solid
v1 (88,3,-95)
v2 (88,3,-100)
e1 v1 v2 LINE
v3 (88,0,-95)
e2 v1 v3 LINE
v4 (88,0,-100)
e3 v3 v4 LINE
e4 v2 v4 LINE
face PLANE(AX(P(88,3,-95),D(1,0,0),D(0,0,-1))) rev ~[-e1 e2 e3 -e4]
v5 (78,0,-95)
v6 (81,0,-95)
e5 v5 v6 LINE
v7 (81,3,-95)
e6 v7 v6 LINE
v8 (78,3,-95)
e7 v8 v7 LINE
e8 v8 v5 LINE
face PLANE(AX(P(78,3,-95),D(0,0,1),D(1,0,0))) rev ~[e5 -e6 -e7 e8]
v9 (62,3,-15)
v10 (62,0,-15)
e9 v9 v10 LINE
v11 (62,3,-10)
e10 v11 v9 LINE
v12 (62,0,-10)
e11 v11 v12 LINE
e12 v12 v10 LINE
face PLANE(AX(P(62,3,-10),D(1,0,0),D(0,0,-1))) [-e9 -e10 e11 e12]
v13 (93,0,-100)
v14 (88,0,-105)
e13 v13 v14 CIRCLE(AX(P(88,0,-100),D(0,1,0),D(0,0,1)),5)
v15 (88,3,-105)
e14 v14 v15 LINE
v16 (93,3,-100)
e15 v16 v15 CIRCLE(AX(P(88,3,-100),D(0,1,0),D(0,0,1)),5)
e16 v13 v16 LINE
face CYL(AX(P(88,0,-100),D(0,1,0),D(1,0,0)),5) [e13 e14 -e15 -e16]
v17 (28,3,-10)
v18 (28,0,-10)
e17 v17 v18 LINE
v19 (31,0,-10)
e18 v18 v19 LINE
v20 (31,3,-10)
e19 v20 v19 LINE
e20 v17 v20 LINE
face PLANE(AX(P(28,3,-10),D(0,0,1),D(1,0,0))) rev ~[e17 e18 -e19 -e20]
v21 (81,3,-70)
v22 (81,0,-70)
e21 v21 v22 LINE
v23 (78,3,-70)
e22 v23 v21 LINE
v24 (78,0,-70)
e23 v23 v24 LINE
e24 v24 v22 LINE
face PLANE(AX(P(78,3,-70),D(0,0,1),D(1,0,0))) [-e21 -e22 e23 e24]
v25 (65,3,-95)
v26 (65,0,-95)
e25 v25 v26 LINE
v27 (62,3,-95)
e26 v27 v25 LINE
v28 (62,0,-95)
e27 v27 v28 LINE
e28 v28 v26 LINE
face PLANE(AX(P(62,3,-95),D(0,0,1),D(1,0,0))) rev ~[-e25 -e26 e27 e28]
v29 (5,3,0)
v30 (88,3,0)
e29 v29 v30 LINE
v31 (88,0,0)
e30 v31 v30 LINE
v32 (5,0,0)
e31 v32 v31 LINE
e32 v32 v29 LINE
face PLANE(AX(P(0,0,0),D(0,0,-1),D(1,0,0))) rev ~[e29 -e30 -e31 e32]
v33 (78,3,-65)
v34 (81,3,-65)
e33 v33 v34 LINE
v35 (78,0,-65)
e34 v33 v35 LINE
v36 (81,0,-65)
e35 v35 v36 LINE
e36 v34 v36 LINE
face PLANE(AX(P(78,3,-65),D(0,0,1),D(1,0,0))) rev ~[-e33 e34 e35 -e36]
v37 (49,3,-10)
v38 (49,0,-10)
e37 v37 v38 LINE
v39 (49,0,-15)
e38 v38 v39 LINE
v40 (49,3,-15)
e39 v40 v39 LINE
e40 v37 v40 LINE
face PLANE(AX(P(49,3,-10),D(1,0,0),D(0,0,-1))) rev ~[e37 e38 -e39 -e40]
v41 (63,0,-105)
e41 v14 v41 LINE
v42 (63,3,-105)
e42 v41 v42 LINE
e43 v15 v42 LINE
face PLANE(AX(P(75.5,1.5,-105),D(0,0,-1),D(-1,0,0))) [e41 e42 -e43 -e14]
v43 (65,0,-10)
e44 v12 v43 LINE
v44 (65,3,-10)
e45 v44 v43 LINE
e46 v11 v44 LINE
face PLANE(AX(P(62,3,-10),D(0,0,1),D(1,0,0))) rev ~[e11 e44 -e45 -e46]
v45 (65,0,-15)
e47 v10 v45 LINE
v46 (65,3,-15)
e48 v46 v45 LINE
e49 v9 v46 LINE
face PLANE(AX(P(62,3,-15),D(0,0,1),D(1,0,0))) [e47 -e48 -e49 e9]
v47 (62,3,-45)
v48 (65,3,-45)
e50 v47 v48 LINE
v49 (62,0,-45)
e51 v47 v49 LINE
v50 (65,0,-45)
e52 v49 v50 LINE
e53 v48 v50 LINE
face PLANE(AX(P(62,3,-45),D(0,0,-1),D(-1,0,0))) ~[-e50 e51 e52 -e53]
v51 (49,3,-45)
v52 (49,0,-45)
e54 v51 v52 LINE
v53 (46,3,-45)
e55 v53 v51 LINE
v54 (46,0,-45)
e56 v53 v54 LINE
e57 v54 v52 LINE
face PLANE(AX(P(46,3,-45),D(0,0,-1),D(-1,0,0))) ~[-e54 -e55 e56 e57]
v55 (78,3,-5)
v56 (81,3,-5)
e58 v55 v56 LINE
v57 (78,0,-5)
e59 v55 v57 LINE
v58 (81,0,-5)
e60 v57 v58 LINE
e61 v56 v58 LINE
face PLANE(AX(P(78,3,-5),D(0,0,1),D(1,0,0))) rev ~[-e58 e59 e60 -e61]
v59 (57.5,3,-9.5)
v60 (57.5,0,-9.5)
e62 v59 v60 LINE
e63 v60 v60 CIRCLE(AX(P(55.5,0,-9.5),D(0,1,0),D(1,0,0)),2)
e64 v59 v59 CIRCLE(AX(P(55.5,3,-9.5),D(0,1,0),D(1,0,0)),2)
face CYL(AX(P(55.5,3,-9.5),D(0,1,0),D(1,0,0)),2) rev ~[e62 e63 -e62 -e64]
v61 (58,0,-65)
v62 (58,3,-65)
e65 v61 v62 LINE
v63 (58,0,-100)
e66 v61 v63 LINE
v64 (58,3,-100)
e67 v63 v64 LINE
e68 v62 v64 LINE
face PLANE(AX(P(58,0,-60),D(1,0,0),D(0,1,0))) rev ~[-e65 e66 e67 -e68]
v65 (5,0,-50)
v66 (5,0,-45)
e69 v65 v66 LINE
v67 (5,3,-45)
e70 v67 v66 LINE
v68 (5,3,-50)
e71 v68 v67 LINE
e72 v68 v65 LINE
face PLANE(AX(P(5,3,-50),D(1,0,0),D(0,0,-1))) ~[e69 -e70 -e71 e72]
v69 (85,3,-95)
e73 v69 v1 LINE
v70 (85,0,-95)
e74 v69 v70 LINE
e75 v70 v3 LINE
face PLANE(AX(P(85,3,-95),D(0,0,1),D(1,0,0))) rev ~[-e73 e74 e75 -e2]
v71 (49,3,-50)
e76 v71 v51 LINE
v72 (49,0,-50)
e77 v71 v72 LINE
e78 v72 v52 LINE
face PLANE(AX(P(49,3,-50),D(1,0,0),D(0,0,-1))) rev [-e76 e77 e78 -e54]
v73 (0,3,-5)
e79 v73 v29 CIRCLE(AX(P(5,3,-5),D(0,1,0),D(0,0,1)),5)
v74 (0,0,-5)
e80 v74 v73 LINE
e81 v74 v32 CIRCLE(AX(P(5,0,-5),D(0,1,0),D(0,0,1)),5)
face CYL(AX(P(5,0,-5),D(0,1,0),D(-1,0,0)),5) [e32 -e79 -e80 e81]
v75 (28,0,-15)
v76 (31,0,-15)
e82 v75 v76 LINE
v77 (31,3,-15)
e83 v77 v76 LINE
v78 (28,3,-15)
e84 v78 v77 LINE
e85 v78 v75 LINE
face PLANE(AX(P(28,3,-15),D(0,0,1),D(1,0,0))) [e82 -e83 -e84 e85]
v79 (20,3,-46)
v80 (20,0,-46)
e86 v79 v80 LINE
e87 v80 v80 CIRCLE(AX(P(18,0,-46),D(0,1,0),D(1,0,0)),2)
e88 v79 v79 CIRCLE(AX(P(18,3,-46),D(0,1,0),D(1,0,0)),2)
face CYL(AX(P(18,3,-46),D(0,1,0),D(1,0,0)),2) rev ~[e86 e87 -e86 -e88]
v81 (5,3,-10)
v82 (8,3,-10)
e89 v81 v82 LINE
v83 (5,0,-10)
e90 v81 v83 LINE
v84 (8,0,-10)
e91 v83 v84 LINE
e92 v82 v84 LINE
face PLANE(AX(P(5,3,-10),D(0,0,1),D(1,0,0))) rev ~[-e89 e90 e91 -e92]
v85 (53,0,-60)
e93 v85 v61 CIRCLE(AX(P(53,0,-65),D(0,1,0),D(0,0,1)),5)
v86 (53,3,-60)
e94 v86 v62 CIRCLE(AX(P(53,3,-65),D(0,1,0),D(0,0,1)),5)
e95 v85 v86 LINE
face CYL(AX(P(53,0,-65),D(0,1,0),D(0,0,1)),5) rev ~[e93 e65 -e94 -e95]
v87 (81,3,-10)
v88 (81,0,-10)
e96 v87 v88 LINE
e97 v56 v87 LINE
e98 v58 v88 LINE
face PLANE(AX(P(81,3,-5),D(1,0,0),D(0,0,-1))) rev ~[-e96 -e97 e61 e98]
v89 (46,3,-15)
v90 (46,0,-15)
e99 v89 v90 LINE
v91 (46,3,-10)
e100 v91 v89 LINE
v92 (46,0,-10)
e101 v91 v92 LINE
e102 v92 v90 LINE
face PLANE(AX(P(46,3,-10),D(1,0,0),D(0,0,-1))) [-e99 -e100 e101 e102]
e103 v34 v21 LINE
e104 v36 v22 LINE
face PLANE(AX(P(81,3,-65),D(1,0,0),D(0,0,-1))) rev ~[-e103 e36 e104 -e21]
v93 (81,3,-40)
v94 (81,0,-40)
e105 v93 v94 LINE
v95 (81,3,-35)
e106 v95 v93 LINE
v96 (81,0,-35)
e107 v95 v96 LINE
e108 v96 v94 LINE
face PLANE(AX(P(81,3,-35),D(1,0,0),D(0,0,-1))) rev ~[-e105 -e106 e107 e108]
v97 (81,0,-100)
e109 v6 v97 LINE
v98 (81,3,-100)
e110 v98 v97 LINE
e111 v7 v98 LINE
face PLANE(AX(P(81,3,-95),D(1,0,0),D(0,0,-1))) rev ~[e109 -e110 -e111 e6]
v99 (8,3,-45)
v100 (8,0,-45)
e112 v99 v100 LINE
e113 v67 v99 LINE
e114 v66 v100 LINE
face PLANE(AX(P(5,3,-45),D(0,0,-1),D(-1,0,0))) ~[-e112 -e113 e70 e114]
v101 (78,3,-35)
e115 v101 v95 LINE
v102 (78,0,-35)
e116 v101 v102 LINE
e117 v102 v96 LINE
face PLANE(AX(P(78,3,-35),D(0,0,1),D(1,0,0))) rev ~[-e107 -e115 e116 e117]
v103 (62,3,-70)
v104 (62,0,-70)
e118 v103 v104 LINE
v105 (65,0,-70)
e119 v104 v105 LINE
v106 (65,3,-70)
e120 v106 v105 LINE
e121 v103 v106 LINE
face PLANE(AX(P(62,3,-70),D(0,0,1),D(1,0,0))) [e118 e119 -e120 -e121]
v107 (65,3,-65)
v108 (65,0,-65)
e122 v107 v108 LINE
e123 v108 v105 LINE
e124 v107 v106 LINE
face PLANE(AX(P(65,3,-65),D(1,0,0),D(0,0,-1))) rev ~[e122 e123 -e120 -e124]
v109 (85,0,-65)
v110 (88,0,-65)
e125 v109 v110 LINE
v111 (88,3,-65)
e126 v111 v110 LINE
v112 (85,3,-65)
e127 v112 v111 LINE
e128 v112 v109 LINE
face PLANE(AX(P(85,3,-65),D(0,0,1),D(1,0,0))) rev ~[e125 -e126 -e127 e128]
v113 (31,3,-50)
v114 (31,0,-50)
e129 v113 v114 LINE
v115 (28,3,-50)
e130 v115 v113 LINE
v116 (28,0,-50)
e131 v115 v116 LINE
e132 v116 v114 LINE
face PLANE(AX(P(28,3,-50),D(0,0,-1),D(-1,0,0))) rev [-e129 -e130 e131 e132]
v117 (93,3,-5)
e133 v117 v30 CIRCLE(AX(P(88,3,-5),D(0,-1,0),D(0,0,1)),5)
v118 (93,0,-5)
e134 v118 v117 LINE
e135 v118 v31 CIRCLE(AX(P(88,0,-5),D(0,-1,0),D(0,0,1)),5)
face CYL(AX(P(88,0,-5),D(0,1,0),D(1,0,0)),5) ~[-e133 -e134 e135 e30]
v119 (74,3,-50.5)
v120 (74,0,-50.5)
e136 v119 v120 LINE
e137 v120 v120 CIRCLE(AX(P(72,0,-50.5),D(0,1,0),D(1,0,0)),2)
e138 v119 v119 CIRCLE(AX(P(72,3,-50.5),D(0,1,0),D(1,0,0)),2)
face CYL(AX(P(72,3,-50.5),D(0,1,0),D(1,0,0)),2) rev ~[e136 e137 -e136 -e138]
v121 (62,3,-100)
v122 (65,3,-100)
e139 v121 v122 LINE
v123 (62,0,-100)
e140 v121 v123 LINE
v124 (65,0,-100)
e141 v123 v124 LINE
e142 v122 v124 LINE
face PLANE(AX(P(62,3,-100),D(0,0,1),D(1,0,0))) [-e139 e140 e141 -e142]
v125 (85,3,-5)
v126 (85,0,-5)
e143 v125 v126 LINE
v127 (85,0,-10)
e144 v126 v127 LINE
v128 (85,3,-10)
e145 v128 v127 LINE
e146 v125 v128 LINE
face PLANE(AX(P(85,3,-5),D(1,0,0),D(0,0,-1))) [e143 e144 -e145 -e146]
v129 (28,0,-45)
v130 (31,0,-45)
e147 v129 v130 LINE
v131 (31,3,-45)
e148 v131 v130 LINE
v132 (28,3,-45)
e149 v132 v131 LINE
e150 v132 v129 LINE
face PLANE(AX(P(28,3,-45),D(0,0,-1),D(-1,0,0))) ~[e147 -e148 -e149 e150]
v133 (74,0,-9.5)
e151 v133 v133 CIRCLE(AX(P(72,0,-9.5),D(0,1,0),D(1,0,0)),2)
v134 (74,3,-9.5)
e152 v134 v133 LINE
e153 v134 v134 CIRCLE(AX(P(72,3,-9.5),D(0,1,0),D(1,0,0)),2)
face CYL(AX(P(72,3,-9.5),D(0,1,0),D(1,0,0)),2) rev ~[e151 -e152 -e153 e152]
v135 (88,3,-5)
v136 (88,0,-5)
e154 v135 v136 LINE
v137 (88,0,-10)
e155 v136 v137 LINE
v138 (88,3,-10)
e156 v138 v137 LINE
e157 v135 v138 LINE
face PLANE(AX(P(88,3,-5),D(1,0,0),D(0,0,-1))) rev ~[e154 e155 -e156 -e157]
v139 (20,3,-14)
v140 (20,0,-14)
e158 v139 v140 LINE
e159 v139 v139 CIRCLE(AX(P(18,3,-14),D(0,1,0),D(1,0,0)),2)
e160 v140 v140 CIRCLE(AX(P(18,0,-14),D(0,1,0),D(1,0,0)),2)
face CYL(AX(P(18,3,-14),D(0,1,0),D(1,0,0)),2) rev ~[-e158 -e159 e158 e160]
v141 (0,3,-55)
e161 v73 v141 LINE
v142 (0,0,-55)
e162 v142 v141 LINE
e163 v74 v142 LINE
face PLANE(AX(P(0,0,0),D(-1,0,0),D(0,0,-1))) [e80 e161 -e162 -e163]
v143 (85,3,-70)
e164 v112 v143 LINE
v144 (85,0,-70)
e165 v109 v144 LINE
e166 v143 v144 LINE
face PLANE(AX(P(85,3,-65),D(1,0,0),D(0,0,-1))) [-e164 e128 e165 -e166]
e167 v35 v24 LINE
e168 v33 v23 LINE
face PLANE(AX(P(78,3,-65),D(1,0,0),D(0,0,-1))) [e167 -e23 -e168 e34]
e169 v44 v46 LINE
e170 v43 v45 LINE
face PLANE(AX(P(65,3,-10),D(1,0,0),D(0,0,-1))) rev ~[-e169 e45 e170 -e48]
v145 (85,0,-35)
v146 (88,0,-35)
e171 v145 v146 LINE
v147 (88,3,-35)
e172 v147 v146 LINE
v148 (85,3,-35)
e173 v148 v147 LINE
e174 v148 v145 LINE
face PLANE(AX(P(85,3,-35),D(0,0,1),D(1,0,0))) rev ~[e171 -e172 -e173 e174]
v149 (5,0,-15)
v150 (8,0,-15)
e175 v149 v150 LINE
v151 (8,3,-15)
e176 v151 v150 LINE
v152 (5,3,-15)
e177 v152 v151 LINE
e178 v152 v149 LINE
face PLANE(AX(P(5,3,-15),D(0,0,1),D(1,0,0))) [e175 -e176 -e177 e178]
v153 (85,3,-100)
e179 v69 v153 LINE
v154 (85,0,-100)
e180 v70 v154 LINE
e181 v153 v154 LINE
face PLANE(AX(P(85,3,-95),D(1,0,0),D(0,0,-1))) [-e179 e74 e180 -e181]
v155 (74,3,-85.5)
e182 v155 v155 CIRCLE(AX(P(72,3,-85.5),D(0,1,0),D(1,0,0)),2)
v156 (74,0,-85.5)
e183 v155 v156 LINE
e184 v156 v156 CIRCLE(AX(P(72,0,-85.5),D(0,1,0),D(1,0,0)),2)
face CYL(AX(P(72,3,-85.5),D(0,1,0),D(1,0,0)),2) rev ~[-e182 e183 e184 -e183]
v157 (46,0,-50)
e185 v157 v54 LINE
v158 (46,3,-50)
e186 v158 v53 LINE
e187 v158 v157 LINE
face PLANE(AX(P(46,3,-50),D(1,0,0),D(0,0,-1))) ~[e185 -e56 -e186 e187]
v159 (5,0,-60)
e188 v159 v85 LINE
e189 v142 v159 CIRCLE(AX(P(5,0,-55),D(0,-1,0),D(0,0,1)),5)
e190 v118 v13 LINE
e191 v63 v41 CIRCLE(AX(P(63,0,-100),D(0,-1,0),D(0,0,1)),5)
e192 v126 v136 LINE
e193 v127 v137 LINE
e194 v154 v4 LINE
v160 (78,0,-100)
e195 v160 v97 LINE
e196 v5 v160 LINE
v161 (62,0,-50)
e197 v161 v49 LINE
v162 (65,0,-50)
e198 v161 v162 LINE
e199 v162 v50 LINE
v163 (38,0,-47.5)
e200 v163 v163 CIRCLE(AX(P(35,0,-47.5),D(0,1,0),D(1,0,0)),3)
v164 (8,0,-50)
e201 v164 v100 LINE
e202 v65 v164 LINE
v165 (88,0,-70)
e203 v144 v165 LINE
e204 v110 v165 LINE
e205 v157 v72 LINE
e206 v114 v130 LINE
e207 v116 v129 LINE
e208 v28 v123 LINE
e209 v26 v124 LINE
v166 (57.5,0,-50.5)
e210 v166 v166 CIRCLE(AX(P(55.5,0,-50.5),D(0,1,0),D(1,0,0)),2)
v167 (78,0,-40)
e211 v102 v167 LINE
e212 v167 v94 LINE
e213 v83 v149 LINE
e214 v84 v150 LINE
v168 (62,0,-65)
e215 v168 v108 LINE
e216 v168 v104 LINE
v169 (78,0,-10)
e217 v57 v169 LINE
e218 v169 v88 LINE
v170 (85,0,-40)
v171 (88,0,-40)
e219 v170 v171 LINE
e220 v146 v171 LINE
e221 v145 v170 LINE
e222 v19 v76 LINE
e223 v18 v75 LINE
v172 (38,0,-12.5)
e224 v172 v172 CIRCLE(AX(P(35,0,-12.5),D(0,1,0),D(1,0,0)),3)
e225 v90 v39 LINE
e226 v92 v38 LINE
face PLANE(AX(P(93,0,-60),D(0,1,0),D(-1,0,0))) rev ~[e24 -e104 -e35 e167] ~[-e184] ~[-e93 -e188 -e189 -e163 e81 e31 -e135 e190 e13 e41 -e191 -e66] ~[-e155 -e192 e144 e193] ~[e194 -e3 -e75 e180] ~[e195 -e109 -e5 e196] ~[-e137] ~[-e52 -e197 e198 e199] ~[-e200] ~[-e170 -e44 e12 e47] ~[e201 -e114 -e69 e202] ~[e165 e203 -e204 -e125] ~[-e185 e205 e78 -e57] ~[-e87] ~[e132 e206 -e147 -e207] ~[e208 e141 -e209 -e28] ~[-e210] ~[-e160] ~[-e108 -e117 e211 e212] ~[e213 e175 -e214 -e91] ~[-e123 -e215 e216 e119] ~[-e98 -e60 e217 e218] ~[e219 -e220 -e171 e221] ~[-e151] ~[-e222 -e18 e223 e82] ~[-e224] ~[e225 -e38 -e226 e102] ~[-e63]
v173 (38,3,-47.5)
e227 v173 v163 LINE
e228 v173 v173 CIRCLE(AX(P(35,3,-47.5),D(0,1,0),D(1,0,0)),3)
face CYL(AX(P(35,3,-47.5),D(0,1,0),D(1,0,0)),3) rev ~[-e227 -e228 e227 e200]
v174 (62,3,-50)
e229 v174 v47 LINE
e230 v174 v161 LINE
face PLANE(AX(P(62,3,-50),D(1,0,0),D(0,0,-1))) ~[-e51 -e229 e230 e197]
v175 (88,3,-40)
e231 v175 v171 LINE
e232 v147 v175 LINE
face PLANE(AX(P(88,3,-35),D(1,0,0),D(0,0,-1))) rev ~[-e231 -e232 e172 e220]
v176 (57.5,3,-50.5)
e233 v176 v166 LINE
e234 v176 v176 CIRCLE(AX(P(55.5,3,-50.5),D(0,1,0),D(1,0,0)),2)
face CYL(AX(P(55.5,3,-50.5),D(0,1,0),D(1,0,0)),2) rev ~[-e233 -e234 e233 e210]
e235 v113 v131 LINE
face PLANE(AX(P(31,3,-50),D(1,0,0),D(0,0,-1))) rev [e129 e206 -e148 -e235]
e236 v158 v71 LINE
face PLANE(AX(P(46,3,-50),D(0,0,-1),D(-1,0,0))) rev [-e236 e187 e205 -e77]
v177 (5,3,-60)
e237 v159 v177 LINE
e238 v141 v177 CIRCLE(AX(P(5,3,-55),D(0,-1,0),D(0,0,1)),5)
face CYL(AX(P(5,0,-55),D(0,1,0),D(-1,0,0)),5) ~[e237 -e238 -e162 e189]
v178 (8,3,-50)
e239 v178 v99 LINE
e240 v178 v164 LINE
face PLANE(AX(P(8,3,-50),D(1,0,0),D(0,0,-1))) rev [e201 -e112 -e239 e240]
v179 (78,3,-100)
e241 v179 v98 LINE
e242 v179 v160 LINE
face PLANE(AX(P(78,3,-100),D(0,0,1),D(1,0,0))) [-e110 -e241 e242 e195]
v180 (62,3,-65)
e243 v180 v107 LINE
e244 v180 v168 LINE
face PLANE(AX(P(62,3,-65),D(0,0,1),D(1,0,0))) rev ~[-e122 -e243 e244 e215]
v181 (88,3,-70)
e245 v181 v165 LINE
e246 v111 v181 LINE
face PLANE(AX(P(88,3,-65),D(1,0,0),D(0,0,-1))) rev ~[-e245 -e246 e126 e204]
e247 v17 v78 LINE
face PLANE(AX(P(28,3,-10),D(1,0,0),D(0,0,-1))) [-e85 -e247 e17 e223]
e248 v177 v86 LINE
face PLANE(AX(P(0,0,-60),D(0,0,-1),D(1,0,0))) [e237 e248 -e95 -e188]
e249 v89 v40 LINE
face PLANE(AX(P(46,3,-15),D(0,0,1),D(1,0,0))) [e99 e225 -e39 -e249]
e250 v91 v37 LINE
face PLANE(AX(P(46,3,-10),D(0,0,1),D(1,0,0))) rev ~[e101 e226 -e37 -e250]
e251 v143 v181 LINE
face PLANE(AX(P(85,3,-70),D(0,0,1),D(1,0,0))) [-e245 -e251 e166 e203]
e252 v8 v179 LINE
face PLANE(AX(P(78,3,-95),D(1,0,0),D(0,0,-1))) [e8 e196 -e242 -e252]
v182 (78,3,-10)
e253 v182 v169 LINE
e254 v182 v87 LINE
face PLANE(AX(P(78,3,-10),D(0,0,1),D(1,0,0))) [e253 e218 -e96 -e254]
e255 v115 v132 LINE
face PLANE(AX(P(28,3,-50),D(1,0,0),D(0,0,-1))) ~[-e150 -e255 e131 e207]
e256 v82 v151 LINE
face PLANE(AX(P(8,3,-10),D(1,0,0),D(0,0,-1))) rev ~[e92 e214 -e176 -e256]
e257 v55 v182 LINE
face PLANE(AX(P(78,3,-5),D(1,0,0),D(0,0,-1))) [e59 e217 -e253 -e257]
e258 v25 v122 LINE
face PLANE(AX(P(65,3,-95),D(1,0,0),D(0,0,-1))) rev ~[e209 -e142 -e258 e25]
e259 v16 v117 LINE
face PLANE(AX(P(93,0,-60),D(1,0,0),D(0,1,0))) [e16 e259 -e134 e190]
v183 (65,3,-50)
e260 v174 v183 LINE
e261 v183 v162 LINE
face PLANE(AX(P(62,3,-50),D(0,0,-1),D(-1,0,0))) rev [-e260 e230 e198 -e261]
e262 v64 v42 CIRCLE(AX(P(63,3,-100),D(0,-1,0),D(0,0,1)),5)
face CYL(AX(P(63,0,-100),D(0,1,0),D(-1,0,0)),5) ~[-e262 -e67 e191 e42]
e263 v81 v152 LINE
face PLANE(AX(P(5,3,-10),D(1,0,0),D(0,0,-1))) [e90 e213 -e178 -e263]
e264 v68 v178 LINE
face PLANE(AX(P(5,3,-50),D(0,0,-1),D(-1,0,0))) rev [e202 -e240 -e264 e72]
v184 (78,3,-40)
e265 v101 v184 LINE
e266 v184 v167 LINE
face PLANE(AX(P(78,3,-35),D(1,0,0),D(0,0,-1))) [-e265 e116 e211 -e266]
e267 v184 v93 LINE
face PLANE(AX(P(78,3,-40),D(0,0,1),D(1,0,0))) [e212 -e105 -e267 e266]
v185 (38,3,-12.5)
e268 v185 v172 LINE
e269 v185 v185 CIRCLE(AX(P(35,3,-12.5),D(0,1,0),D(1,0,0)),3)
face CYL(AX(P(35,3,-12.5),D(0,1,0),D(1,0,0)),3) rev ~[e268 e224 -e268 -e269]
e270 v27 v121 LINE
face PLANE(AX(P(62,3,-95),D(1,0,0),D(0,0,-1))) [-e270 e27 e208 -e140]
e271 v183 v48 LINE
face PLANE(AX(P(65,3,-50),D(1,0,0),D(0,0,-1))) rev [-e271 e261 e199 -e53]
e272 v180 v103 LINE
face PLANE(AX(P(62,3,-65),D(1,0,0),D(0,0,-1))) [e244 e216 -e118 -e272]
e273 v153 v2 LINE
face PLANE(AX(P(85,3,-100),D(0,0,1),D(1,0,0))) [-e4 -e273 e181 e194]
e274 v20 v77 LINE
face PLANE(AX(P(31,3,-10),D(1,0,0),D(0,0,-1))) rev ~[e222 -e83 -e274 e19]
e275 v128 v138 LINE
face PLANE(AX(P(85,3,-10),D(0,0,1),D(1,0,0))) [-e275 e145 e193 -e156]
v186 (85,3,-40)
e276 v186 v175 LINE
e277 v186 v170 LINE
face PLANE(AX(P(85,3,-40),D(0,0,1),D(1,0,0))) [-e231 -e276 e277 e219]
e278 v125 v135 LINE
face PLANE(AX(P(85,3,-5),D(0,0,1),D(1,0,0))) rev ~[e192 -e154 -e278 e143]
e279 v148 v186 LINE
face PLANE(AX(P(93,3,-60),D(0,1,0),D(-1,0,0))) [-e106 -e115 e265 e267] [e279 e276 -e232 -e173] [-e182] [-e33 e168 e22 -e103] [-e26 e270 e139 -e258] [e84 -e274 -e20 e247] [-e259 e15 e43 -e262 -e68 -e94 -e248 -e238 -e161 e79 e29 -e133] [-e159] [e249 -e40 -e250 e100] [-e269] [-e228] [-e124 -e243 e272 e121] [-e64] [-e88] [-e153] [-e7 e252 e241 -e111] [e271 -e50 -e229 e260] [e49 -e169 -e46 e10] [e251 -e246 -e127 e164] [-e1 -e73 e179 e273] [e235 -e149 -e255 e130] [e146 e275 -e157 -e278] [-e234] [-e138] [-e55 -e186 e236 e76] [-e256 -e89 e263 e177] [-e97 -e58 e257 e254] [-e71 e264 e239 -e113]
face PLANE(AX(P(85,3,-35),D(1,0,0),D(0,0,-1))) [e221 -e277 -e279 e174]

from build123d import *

# Parameters (mm, degrees)
SKETCH1_W            = 93
SKETCH1_H            = 60
BOSS_EXTRUDE1_DEPTH  = 3
SKETCH2_W            = 3
SKETCH2_H            = 5
CUT_EXTRUDE1_DEPTH   = 3
SKETCH4_W            = 35
SKETCH4_H            = 3
BOSS_EXTRUDE2_DEPTH  = 45
FILLET1_R            = 5
SKETCH5_W            = 3
SKETCH5_H            = 5
CUT_EXTRUDE3_DEPTH   = 4
LPATTERN1_COUNT      = 4
LPATTERN1_PITCH      = 30
LPATTERN1_COUNT_DIR2 = 2
LPATTERN1_PITCH_DIR2 = 30
SKETCH6_R            = 2
CUT_EXTRUDE4_DEPTH   = 4
SKETCH7_W            = 3
SKETCH7_H            = 5
CUT_EXTRUDE5_DEPTH   = 4
SKETCH8_R            = 3
CUT_EXTRUDE6_DEPTH   = 4


with BuildPart() as part:
    # Sketch1 → Boss-Extrude1 (new body)
    with BuildSketch(Plane(origin=(0, 0, 0), x_dir=(1, 0, 0), z_dir=(0, 1, 0))):
        with Locations((46.5, 30)):
            Rectangle(SKETCH1_W, SKETCH1_H)
    extrude(amount=BOSS_EXTRUDE1_DEPTH)

    # Sketch2 → Cut-Extrude1 (cut)
    with BuildSketch(Plane(origin=(0, 3, 0), x_dir=(1, 0, 0), z_dir=(0, 1, 0))):
        with Locations((63.5, 12.5)):
            Rectangle(SKETCH2_W, SKETCH2_H)
        with Locations((47.5, 12.5)):
            Rectangle(SKETCH2_W, SKETCH2_H)
        with Locations((29.5, 12.5)):
            Rectangle(SKETCH2_W, SKETCH2_H)
        with Locations((6.5, 12.5)):
            Rectangle(SKETCH2_W, SKETCH2_H)
    cut_extrude1 = extrude(amount=-CUT_EXTRUDE1_DEPTH, mode=Mode.SUBTRACT)

    # Mirror1: Cut-Extrude1 across plane
    add(cut_extrude1.mirror(Plane.XY.offset(-30)), mode=Mode.SUBTRACT)

    # Sketch4 → Boss-Extrude2 (add)
    with BuildSketch(Plane(origin=(0, 0, -60), x_dir=(-1, 0, 0), z_dir=(0, 0, -1))):
        with Locations((-75.5, 1.5)):
            Rectangle(SKETCH4_W, SKETCH4_H)
    extrude(amount=BOSS_EXTRUDE2_DEPTH)

    # Fillet1
    fillet1_edges = [part.edges().sort_by_distance(p)[0] for p in [
        (58, 1.5, -60),
        (93, 1.5, -105),
        (58, 1.5, -105),
        (0, 1.5, -60),
        (93, 1.5, 0),
        (0, 1.5, 0),
    ]]
    fillet(fillet1_edges, radius=FILLET1_R)

    # Sketch5 → Cut-Extrude3 (cut, through all)
    with BuildSketch(Plane(origin=(0, 3, 0), x_dir=(1, 0, 0), z_dir=(0, 1, 0))):
        with Locations((86.5, 7.5)):
            Rectangle(SKETCH5_W, SKETCH5_H)
        with Locations((79.5, 7.5)):
            Rectangle(SKETCH5_W, SKETCH5_H)
    cut_extrude3 = extrude(amount=-CUT_EXTRUDE3_DEPTH, mode=Mode.SUBTRACT)

    # LPattern1: Cut-Extrude3 4 × 2
    with Locations(*[(j * LPATTERN1_PITCH_DIR2, 0, -i * LPATTERN1_PITCH) for i in range(LPATTERN1_COUNT) for j in range(LPATTERN1_COUNT_DIR2) if (i, j) != (0, 0)]):
        add(cut_extrude3, mode=Mode.SUBTRACT)

    # Sketch6 → Cut-Extrude4 (cut, through all)
    with BuildSketch(Plane(origin=(0, 3, 0), x_dir=(1, 0, 0), z_dir=(0, 1, 0))):
        with Locations((18, 14)):
            Circle(SKETCH6_R)
        with Locations((18, 46)):
            Circle(SKETCH6_R)
        with Locations((55.5, 50.5)):
            Circle(SKETCH6_R)
        with Locations((55.5, 9.5)):
            Circle(SKETCH6_R)
        with Locations((72, 9.5)):
            Circle(SKETCH6_R)
        with Locations((72, 50.5)):
            Circle(SKETCH6_R)
        with Locations((72, 85.5)):
            Circle(SKETCH6_R)
    extrude(amount=-CUT_EXTRUDE4_DEPTH, mode=Mode.SUBTRACT)

    # Sketch7 → Cut-Extrude5 (cut, through all)
    with BuildSketch(Plane(origin=(0, 3, 0), x_dir=(1, 0, 0), z_dir=(0, 1, 0))):
        with Locations((63.5, 67.5)):
            Rectangle(SKETCH7_W, SKETCH7_H)
        with Locations((63.5, 97.5)):
            Rectangle(SKETCH7_W, SKETCH7_H)
    extrude(amount=-CUT_EXTRUDE5_DEPTH, mode=Mode.SUBTRACT)

    # Sketch8 → Cut-Extrude6 (cut, through all)
    with BuildSketch(Plane(origin=(0, 3, 0), x_dir=(1, 0, 0), z_dir=(0, 1, 0))):
        with Locations((35, 12.5)):
            Circle(SKETCH8_R)
        with Locations((35, 47.5)):
            Circle(SKETCH8_R)
    extrude(amount=-CUT_EXTRUDE6_DEPTH, mode=Mode.SUBTRACT)


solid = part.part
